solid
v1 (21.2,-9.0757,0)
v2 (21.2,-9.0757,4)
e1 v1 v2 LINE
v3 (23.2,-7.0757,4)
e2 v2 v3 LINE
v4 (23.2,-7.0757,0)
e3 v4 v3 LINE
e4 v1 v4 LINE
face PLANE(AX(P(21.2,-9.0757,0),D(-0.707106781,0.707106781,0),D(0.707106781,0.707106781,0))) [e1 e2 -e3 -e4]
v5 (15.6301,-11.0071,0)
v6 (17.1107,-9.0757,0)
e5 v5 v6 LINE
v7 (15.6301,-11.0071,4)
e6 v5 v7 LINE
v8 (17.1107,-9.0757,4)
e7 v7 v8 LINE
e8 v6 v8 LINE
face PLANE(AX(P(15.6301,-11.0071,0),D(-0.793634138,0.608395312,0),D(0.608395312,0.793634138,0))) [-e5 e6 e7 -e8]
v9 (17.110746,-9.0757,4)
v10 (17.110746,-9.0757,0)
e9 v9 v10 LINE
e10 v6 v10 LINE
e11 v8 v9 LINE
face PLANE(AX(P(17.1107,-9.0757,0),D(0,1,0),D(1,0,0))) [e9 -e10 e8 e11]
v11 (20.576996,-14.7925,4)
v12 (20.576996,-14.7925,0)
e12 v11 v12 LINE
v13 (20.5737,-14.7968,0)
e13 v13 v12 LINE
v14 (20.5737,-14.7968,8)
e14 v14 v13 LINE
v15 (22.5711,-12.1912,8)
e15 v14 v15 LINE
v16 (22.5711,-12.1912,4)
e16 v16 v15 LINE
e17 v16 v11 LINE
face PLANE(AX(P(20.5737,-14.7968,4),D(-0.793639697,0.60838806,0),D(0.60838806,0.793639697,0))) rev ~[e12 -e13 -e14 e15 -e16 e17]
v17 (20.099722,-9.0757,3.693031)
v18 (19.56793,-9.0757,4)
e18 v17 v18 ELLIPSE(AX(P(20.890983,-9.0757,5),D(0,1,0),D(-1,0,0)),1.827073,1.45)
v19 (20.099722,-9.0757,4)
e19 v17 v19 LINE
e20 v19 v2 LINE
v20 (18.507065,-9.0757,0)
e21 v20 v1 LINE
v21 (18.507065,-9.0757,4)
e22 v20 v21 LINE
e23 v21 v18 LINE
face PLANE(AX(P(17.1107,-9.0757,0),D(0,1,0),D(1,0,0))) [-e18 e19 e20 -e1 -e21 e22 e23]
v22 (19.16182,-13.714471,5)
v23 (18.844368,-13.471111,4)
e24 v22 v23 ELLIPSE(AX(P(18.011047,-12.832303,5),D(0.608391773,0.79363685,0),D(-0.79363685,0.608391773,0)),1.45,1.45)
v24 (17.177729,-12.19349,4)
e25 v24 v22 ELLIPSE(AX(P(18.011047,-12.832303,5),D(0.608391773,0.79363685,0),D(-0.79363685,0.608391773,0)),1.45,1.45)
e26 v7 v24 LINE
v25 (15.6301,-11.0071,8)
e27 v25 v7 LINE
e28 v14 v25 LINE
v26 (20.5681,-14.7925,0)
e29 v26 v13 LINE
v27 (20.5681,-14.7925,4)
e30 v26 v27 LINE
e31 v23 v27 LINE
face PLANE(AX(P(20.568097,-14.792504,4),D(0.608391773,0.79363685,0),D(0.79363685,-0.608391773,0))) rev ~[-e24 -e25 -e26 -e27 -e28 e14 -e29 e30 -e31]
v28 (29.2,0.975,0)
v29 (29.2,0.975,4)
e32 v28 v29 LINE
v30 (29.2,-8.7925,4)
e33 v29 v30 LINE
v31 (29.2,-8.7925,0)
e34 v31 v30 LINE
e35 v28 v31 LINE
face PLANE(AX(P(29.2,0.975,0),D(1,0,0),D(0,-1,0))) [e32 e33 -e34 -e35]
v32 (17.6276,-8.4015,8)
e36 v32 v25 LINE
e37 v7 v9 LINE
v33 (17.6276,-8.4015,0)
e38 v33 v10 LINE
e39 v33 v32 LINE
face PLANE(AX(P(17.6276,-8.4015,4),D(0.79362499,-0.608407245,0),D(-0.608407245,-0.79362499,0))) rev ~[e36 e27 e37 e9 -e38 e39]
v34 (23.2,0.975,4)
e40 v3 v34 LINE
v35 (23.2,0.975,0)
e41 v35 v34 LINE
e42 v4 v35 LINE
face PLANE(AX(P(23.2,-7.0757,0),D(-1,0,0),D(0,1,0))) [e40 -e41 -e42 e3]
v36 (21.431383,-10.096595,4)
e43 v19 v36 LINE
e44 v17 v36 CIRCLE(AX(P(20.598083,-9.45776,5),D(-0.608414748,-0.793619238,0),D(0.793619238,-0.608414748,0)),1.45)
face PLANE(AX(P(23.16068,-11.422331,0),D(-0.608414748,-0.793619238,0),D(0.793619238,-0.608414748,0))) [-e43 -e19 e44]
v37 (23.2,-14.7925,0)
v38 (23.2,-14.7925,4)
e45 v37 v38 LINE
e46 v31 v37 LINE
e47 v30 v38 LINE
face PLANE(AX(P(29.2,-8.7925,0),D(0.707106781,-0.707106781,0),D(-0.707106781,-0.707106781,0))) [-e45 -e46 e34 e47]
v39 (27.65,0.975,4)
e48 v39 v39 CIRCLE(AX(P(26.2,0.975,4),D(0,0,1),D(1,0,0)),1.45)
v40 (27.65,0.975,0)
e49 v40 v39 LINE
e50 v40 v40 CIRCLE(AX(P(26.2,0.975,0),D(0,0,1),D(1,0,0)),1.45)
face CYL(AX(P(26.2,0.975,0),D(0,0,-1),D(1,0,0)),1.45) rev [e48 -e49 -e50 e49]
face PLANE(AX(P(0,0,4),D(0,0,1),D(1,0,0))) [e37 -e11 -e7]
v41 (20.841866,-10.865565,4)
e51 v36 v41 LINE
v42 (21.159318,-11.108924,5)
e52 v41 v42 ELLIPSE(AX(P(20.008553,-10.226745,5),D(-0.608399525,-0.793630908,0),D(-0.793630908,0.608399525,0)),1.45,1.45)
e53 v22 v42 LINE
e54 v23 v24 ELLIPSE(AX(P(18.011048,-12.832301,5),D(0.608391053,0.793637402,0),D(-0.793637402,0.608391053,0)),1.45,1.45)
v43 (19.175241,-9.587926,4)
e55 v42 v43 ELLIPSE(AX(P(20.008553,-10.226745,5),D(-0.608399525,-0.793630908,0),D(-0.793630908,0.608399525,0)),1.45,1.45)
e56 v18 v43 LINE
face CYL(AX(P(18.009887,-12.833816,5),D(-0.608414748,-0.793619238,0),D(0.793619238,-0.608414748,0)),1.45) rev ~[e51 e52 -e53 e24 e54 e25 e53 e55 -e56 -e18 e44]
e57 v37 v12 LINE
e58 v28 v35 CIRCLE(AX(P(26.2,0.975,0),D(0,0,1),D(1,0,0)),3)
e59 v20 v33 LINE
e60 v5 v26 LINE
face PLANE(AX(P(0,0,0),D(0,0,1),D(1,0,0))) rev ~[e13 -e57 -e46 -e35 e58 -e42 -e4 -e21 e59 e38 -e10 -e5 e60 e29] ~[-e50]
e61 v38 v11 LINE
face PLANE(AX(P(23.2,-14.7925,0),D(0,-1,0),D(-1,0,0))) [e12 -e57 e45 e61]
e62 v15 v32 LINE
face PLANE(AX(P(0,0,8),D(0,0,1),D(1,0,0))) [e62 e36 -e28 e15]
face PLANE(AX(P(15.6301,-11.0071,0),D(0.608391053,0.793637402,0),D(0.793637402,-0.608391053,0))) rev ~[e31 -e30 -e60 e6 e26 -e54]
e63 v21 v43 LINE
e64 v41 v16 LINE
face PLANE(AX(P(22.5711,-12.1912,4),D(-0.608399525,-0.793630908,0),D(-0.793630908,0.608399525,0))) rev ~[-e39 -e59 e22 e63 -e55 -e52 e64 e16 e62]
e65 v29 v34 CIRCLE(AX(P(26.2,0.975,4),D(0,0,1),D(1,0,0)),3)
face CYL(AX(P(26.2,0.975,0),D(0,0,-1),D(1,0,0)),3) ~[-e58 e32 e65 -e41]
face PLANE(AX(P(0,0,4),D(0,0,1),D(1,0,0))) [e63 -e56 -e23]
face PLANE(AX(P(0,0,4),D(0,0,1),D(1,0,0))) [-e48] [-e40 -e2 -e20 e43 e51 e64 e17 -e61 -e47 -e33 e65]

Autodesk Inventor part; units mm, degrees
ref_plane "YZ Plane" through (0, 0, 0) normal (1, 0, 0) x (0, 1, 0)
ref_plane "XZ Plane" through (0, 0, 0) normal (0, 1, 0) x (-1, 0, 0)
ref_plane "XY Plane" through (0, 0, 0) normal (0, 0, 1) x (1, 0, 0)
sketch "Szkic1" plane through (0, 0, 0) normal (0, 0, 1) x (1, 0, 0)
  circle A0 centre (26.2, 0.975) radius 1.45 projected
  circle A1 centre (26.2, 0.975) radius 3
  line L0 (29.2, 0.975) -> (29.2, -8.7925)
  line L1 (23.2, -14.7925) -> (20.5681, -14.7925)
  line L2 (17.1107, -9.0757) -> (21.2, -9.0757)
  line L3 (23.2, -7.0757) -> (23.2, 0.975)
  line L4 (18.2447, -12.1144) -> (21.525, -14.6291)
  line L5 (16.8275, -11.925) -> (-16.8275, 13.875) construction
  line L6 (20.0699, -9.7335) -> (23.3502, -12.2482)
  line L7 (18.2447, -12.1144) -> (20.0699, -9.7335)
  line L8 (21.525, -14.6291) -> (23.3502, -12.2482)
  line L9 (29.2, -8.7925) -> (23.2, -14.7925)
  line L10 (15.6301, -11.0071) -> (17.1107, -9.0757)
  line L11 (21.2, -9.0757) -> (23.2, -7.0757)
  line L12 (15.6301, -11.0071) -> (20.5681, -14.7925)
  point P0 (0, 0)
  point P1 (29.2, -14.7925)
  point P2 (18.5681, -14.7925)
  point P3 (15.1107, -9.0757)
  point P4 (23.2, -9.0757)
  point P5 (18.9313, -9.4578)
  point P6 (19.7101, -9.4578)
  dimension "d0" = 3
  dimension "d5" = 6
  dimension "d6" = 6
  dimension "d7" = 2
  dimension "d9" = 2
  dimension "d10" = 2
  dimension "d11" = 2
  dimension "d12" = 2
  dimension "d13" = 6
extrude "Wyciągnięcie proste1" add sketch "Szkic1" along normal blind 4 contours A1 | L0 L9 L1 L12 L10 L2 L11 L3 A1 | L7 L6 L8 L4
sketch "Szkic4" plane through (0, 0, 4) normal (0, 0, 1) x (1, 0, 0)
  line L0 (22.5711, -12.1912) -> (17.6276, -8.4015)
  line L1 (16.8275, -11.925) -> (-16.8275, 13.875) construction
  line L2 (17.6276, -8.4015) -> (15.6301, -11.0071)
  line L3 (15.6301, -11.0071) -> (20.5737, -14.7968)
  line L4 (20.5737, -14.7968) -> (22.5711, -12.1912)
  line L5 (15.6301, -11.0071) -> (20.5681, -14.7925) projected
  line L6 (17.1107, -9.0757) -> (15.6301, -11.0071) projected
  point P0 (0, 0)
extrude "Wyciągnięcie proste2" add sketch "Szkic4" along normal blind 4 and the other way blind 4
sketch "Szkic5" plane through (20.5737, -14.7968, 0) normal (-0.6084, -0.7936, 0) x (0.7936, -0.6084, 0)
  circle A0 centre (-3.229, 5) radius 1.45
  line L0 (-6.229, 0) -> (-6.229, 8) projected
  line L1 (-6.229, 8) -> (0, 8) projected
  point P0 (-25.3303, 0)
  dimension "d16" = 3
  dimension "d17" = 3
  dimension "d18" = 2.9
extrude "Wyciągnięcie proste3" cut sketch "Szkic5" against normal blind 4.25
equation "\"d6\" = d5"
equation "\"d9\" = d7"
equation "\"d10\" = d9"
equation "\"d11\" = d7"
equation "\"d12\" = d11"
properties part number "mirror_arm"
